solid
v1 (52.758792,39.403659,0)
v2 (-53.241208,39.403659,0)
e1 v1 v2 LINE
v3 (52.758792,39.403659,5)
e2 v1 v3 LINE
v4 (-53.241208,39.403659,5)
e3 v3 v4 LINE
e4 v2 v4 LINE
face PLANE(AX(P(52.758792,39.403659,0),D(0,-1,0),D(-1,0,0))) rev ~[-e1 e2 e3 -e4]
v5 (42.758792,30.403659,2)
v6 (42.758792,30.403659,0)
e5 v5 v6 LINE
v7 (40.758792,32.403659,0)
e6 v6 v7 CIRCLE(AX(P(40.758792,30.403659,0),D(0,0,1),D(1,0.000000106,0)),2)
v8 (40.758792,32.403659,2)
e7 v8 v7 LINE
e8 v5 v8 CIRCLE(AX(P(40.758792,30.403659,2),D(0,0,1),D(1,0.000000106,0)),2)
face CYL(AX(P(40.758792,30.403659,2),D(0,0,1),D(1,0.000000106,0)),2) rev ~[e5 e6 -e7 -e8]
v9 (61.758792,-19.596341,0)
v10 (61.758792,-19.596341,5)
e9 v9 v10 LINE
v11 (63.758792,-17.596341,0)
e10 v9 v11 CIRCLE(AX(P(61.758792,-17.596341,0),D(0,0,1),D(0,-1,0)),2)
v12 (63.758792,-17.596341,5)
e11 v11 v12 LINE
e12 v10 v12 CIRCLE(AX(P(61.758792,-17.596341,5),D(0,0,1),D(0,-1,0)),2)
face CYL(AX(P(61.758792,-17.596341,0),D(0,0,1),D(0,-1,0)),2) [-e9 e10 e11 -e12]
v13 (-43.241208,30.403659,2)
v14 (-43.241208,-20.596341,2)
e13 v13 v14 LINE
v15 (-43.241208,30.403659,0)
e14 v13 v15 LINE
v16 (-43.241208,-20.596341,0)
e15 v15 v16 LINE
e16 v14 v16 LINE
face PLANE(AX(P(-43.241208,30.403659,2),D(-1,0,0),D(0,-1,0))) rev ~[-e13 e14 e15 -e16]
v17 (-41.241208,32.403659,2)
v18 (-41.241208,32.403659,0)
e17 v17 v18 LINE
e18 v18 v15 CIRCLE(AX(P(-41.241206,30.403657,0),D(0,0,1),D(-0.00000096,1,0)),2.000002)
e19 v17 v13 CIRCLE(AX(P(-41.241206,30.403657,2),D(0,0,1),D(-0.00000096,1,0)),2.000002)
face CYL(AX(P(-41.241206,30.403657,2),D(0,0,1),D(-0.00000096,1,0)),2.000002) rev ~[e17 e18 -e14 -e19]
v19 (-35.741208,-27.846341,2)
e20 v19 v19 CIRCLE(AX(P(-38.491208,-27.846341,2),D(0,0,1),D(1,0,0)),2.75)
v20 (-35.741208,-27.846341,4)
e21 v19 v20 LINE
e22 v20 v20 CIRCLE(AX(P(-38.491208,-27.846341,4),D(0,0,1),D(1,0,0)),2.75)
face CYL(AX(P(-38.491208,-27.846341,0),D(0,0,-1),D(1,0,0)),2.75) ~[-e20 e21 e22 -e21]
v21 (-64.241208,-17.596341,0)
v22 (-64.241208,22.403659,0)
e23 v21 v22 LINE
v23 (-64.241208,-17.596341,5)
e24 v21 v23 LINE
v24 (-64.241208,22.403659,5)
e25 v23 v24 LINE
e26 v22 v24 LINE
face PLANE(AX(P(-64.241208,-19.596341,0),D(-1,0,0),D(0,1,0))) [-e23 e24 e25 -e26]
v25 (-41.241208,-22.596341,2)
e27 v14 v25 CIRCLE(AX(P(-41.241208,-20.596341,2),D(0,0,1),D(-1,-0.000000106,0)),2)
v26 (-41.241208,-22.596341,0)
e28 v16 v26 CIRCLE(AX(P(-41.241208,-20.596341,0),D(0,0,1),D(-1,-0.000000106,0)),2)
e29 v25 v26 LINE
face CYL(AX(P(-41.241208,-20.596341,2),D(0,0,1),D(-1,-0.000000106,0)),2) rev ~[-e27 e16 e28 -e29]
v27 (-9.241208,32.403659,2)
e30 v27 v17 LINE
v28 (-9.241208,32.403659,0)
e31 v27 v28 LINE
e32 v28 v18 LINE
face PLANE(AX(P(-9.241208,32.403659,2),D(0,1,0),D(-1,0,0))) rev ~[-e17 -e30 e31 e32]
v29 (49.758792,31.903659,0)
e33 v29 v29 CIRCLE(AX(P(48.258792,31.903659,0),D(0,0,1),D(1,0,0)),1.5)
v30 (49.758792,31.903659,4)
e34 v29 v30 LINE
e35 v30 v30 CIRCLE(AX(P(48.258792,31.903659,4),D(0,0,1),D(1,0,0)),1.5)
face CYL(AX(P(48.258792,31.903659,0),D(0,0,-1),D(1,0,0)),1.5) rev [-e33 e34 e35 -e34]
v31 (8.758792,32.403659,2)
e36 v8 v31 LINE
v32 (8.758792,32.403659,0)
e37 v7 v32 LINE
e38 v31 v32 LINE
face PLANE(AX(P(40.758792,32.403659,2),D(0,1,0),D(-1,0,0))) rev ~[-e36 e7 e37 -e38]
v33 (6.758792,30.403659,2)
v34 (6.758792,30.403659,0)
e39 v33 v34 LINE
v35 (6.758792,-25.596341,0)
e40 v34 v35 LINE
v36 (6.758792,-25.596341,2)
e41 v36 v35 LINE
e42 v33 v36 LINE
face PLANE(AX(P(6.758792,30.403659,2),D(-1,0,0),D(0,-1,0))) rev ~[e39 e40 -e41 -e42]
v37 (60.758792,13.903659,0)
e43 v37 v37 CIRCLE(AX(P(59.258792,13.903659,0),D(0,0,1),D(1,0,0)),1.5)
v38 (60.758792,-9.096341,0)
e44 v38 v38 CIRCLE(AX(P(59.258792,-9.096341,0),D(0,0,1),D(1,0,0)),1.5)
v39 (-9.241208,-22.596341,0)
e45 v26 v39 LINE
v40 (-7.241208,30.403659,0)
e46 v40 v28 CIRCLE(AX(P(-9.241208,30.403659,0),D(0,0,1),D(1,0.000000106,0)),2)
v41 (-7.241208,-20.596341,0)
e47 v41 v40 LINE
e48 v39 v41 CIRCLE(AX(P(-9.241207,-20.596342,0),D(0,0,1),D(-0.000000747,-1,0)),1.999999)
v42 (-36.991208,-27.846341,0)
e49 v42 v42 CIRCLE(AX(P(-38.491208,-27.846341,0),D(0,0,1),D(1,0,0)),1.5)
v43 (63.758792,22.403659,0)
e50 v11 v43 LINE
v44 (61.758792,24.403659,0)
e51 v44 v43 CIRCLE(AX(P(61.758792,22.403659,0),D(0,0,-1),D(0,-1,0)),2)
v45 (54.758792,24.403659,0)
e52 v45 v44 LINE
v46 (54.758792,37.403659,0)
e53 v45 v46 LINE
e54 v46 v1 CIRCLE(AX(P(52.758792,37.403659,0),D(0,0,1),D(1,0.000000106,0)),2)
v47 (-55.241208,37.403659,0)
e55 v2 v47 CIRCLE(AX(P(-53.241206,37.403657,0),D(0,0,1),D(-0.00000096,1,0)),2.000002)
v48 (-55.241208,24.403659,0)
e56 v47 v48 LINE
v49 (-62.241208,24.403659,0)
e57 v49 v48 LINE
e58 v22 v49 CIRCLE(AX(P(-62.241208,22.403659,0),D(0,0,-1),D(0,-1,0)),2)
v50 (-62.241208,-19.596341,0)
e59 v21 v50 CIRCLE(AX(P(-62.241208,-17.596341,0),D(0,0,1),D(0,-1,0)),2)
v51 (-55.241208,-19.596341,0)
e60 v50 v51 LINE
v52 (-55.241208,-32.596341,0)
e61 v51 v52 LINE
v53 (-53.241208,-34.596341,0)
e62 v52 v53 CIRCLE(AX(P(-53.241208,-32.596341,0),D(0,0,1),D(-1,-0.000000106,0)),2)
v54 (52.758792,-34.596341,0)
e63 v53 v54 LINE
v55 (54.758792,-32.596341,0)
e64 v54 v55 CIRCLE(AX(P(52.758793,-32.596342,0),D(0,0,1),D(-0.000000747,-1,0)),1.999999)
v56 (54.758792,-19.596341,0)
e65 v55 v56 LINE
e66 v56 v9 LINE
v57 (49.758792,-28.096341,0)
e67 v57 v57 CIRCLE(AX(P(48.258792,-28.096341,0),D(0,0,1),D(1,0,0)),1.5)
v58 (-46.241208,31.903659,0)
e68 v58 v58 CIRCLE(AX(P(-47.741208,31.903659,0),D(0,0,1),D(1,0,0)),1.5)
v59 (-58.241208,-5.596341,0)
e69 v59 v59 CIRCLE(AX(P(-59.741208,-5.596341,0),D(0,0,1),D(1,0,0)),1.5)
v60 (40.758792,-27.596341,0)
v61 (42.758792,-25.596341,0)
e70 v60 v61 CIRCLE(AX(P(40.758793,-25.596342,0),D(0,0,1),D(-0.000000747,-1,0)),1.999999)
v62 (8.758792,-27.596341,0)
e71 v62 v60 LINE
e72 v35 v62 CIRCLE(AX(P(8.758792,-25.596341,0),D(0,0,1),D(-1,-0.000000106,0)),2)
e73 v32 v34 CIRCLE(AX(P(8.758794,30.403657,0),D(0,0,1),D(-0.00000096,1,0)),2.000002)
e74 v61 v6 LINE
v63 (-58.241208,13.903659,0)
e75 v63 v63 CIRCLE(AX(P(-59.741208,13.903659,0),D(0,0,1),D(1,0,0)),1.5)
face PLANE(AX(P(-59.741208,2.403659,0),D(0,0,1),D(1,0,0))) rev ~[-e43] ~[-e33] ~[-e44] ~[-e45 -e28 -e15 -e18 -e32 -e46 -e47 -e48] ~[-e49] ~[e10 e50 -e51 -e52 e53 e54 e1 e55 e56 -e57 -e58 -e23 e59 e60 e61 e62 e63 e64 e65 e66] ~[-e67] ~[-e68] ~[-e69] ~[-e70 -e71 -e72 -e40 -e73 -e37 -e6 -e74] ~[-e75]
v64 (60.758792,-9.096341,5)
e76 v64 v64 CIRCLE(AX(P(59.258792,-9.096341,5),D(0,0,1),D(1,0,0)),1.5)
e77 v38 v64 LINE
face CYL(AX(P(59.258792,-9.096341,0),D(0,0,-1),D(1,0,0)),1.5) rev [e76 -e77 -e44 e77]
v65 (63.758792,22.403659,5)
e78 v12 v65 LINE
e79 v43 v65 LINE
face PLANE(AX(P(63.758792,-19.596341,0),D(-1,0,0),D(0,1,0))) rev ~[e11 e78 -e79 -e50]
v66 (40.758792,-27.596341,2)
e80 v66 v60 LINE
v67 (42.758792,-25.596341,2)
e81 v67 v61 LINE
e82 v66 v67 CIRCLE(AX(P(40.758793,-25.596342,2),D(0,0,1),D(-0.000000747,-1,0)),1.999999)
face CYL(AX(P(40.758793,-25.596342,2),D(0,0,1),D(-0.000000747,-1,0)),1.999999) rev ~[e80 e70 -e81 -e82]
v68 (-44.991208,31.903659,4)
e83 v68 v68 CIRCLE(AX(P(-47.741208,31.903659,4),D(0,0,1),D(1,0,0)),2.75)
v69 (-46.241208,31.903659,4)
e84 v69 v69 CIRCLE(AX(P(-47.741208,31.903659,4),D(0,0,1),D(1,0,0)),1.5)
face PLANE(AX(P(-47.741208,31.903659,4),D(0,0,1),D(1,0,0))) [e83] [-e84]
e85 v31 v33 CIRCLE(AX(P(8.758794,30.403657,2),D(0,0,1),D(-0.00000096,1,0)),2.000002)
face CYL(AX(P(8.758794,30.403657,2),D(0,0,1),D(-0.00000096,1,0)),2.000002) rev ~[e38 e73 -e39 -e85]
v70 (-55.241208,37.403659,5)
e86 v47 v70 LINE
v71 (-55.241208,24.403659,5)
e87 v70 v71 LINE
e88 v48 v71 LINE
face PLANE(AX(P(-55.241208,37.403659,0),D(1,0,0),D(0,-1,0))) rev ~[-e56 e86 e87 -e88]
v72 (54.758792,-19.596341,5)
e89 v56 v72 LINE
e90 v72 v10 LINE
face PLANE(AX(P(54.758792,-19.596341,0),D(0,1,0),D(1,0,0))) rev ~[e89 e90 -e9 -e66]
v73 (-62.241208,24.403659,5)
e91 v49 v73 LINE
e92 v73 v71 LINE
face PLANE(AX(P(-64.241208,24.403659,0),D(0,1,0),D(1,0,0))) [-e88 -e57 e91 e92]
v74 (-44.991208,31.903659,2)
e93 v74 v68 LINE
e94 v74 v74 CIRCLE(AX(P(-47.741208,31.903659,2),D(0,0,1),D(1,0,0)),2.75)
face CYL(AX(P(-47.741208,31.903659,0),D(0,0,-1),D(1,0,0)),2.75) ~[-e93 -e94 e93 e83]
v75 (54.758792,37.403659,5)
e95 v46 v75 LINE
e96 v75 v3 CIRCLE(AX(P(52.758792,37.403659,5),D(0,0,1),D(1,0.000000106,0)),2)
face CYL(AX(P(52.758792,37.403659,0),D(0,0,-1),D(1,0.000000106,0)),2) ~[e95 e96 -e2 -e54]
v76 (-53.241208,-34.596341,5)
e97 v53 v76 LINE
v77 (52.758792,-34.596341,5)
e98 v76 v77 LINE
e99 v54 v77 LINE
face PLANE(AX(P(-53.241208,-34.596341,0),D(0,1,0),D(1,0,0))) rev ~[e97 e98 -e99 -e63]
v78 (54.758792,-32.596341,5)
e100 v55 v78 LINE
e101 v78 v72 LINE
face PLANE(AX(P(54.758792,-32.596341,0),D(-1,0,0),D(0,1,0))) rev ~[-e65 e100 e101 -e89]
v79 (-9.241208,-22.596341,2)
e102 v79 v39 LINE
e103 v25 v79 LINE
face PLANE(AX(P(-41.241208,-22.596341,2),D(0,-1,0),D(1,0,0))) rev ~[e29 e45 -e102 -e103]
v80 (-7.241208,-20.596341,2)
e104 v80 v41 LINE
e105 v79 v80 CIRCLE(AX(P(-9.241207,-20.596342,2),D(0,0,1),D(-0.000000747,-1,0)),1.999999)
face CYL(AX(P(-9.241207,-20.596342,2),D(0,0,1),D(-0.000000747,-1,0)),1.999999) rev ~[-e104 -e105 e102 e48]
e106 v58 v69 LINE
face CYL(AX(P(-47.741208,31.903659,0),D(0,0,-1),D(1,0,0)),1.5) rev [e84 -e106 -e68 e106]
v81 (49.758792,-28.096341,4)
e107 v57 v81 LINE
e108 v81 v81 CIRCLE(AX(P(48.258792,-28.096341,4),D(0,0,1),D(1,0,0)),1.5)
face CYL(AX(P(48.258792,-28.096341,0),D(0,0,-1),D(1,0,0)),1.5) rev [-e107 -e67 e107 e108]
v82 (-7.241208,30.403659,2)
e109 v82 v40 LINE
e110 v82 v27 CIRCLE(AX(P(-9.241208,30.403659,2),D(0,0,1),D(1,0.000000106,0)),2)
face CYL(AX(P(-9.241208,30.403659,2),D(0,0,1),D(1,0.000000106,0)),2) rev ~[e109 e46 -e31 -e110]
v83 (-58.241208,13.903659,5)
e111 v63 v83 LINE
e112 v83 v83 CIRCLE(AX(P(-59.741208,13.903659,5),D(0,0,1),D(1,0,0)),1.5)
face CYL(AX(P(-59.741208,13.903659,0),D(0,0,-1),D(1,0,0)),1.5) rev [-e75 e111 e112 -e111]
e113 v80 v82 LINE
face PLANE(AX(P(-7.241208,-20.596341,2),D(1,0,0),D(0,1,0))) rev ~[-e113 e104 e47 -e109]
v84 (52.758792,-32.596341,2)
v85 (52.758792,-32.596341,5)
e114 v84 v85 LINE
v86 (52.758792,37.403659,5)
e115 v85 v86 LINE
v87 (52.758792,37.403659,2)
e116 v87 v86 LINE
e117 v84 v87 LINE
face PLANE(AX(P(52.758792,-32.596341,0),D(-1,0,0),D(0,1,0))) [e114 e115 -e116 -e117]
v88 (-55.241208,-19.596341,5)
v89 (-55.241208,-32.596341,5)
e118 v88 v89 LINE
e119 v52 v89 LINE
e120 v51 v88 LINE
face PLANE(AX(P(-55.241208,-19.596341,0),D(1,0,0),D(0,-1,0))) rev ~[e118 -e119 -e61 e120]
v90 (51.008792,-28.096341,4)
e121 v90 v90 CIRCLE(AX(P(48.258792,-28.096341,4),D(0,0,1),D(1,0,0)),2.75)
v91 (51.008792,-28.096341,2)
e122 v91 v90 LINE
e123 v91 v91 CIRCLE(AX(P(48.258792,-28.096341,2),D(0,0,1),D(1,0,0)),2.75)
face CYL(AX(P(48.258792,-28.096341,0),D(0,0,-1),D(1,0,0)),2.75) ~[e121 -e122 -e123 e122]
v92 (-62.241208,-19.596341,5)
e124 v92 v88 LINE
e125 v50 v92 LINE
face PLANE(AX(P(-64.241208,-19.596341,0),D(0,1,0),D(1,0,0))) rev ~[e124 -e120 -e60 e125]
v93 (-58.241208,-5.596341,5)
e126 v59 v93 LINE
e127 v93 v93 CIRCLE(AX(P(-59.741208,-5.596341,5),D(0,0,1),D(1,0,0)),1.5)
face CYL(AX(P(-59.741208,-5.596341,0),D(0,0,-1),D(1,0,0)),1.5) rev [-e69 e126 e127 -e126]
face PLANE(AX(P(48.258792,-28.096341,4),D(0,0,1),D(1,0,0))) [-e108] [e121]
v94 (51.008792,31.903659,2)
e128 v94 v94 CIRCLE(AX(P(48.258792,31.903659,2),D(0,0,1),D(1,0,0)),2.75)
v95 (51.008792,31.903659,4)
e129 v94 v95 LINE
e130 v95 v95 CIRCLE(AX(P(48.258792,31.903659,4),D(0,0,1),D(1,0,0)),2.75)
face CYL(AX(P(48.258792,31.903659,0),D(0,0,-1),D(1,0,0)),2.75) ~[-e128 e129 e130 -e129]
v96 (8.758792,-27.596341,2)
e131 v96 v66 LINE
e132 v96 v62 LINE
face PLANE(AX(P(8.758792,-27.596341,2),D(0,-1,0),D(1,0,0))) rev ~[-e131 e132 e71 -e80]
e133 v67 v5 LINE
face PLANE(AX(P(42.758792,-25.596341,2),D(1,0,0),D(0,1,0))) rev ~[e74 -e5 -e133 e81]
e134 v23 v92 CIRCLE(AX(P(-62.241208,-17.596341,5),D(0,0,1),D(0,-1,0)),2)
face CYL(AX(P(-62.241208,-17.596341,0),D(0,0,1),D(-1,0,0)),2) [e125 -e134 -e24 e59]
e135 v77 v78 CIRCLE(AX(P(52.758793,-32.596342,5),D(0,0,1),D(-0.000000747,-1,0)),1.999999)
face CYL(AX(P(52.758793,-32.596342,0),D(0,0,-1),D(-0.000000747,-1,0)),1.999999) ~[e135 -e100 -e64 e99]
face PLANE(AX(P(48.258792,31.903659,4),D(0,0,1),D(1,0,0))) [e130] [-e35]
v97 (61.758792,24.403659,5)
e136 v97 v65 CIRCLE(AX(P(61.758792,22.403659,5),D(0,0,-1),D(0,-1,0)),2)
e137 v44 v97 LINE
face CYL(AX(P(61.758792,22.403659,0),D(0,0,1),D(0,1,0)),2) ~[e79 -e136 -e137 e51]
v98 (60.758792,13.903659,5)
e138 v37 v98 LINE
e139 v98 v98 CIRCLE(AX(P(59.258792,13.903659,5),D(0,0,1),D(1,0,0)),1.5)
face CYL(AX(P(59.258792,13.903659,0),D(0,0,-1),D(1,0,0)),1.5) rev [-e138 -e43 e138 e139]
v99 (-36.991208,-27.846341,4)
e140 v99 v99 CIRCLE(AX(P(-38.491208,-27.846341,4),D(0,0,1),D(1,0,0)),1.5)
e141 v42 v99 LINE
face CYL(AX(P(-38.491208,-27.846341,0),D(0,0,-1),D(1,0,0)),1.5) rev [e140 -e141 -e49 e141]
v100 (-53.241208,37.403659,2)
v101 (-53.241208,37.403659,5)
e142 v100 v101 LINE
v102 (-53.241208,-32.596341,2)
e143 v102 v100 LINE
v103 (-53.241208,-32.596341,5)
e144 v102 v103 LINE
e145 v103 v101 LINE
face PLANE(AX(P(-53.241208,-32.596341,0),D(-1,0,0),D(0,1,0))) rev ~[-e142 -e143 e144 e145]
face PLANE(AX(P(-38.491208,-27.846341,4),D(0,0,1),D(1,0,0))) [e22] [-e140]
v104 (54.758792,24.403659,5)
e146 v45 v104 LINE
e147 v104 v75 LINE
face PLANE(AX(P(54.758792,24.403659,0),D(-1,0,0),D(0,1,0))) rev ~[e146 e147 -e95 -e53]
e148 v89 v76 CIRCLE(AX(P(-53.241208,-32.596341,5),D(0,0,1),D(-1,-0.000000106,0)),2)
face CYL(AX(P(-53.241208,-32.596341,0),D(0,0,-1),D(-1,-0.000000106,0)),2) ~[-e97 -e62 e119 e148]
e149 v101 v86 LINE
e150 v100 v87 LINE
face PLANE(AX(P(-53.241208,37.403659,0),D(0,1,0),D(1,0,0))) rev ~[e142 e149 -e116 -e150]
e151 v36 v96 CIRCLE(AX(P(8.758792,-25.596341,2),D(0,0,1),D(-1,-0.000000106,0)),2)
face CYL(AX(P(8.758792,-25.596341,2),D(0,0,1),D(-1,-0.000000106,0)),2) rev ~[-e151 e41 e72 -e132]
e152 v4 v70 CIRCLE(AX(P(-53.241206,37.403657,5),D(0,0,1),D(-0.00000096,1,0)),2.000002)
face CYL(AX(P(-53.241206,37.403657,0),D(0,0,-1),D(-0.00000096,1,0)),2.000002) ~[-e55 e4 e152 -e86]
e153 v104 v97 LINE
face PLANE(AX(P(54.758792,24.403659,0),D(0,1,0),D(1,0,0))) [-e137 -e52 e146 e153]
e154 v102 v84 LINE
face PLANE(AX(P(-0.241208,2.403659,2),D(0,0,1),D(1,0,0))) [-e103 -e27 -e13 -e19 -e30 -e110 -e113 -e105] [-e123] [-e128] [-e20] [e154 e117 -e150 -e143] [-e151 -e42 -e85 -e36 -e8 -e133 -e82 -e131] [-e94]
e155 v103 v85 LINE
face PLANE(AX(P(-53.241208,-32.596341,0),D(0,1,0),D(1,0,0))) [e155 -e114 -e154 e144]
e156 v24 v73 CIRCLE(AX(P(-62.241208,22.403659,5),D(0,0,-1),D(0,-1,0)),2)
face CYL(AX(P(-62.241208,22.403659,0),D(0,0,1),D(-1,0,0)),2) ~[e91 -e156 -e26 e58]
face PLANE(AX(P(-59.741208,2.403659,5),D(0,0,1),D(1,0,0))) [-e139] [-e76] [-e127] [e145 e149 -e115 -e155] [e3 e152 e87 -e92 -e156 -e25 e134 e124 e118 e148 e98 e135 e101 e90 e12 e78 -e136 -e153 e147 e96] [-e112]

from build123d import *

# Parameters (mm, degrees)
F0_W     = 106
F0_H     = 70
F0_R     = 2.75
F1_DEPTH = 2
F0_R_2   = 1.5
F2_DEPTH = 4
F0_W_2   = 9
F0_H_2   = 44
F3_DEPTH = 5
F4_R     = 2
F6_DEPTH = 2


with BuildPart() as f1:
    # F0 (on Top) → F1 (new body)
    with BuildSketch(Plane.XY):
        with Locations((-0.241208, 2.403659)):
            Rectangle(F0_W, F0_H)
        with Locations((-38.491208, -27.846341)):
            Circle(F0_R, mode=Mode.SUBTRACT)
        with Locations((48.258792, -28.096341)):
            Circle(F0_R, mode=Mode.SUBTRACT)
        with Locations((-47.741208, 31.903659)):
            Circle(F0_R, mode=Mode.SUBTRACT)
        with Locations((48.258792, 31.903659)):
            Circle(F0_R, mode=Mode.SUBTRACT)
    extrude(amount=F1_DEPTH)

    # F0 (on Top) → F2 (join)
    with BuildSketch(Plane.XY):
        with Locations((-47.741208, 31.903659)):
            Circle(F0_R)
        with Locations((-47.741208, 31.903659)):
            Circle(F0_R_2, mode=Mode.SUBTRACT)
        with Locations((-38.491208, -27.846341)):
            Circle(F0_R)
        with Locations((-38.491208, -27.846341)):
            Circle(F0_R_2, mode=Mode.SUBTRACT)
        with Locations((48.258792, -28.096341)):
            Circle(F0_R)
        with Locations((48.258792, -28.096341)):
            Circle(F0_R_2, mode=Mode.SUBTRACT)
        with Locations((48.258792, 31.903659)):
            Circle(F0_R)
        with Locations((48.258792, 31.903659)):
            Circle(F0_R_2, mode=Mode.SUBTRACT)
    extrude(amount=F2_DEPTH)

    # F0 (on Top) → F3 (join)
    with BuildSketch(Plane.XY):
        with Locations((-59.741208, 2.403659)):
            Rectangle(F0_W_2, F0_H_2)
        with Locations((-59.741208, -5.596341)):
            Circle(F0_R_2, mode=Mode.SUBTRACT)
        with Locations((-59.741208, 13.903659)):
            Circle(F0_R_2, mode=Mode.SUBTRACT)
        with BuildLine():
            ThreePointArc((-53.241208, 39.403659), (-54.655421, 38.817872), (-55.241208, 37.403659))
            Line((-55.241208, 37.403659), (-55.241208, 24.403659))
            Line((-55.241208, 24.403659), (-55.241208, -19.596341))
            Line((-55.241208, -19.596341), (-55.241208, -32.596341))
            ThreePointArc((-55.241208, -32.596341), (-54.655421, -34.010555), (-53.241208, -34.596341))
            Line((-53.241208, -34.596341), (52.758792, -34.596341))
            ThreePointArc((52.758792, -34.596341), (54.173006, -34.010555), (54.758792, -32.596341))
            Line((54.758792, -32.596341), (54.758792, -19.596341))
            Line((54.758792, -19.596341), (54.758792, 24.403659))
            Line((54.758792, 24.403659), (54.758792, 37.403659))
            ThreePointArc((54.758792, 37.403659), (54.173006, 38.817872), (52.758792, 39.403659))
            Line((52.758792, 39.403659), (-53.241208, 39.403659))
        make_face()
        with Locations((-0.241208, 2.403659)):
            Rectangle(F0_W, F0_H, mode=Mode.SUBTRACT)
        with Locations((59.258792, 2.403659)):
            Rectangle(F0_W_2, F0_H_2)
        with Locations((59.258792, -9.096341)):
            Circle(F0_R_2, mode=Mode.SUBTRACT)
        with Locations((59.258792, 13.903659)):
            Circle(F0_R_2, mode=Mode.SUBTRACT)
    extrude(amount=F3_DEPTH)

    # F4
    f4_edges = [f1.edges().sort_by_distance(p)[0] for p in [
        (-64.241208, 24.403659, 2.5),
        (-64.241208, -19.596341, 2.5),
        (63.758792, -19.596341, 2.5),
        (63.758792, 24.403659, 2.5),
    ]]
    fillet(f4_edges, radius=F4_R)

    # F5 (on face) → F6 (cut)
    with BuildSketch(Plane.XY.offset(2)):
        with BuildLine():
            Line((8.758792, -27.596341), (40.758792, -27.596341))
            ThreePointArc((40.758792, -27.596341), (42.173006, -27.010555), (42.758792, -25.596341))
            Line((42.758792, -25.596341), (42.758792, 30.403659))
            ThreePointArc((42.758792, 30.403659), (42.173006, 31.817872), (40.758792, 32.403659))
            Line((40.758792, 32.403659), (8.758792, 32.403659))
            ThreePointArc((8.758792, 32.403659), (7.344579, 31.817872), (6.758792, 30.403659))
            Line((6.758792, 30.403659), (6.758792, -25.596341))
            ThreePointArc((6.758792, -25.596341), (7.344579, -27.010555), (8.758792, -27.596341))
        make_face()
        with BuildLine():
            Line((-41.241208, -22.596341), (-9.241208, -22.596341))
            ThreePointArc((-9.241208, -22.596341), (-7.826994, -22.010555), (-7.241208, -20.596341))
            Line((-7.241208, -20.596341), (-7.241208, 30.403659))
            ThreePointArc((-7.241208, 30.403659), (-7.826994, 31.817872), (-9.241208, 32.403659))
            Line((-9.241208, 32.403659), (-41.241208, 32.403659))
            ThreePointArc((-41.241208, 32.403659), (-42.655421, 31.817872), (-43.241208, 30.403659))
            Line((-43.241208, 30.403659), (-43.241208, -20.596341))
            ThreePointArc((-43.241208, -20.596341), (-42.655421, -22.010555), (-41.241208, -22.596341))
        make_face()
    extrude(amount=-F6_DEPTH, mode=Mode.SUBTRACT)


solid = f1.part
